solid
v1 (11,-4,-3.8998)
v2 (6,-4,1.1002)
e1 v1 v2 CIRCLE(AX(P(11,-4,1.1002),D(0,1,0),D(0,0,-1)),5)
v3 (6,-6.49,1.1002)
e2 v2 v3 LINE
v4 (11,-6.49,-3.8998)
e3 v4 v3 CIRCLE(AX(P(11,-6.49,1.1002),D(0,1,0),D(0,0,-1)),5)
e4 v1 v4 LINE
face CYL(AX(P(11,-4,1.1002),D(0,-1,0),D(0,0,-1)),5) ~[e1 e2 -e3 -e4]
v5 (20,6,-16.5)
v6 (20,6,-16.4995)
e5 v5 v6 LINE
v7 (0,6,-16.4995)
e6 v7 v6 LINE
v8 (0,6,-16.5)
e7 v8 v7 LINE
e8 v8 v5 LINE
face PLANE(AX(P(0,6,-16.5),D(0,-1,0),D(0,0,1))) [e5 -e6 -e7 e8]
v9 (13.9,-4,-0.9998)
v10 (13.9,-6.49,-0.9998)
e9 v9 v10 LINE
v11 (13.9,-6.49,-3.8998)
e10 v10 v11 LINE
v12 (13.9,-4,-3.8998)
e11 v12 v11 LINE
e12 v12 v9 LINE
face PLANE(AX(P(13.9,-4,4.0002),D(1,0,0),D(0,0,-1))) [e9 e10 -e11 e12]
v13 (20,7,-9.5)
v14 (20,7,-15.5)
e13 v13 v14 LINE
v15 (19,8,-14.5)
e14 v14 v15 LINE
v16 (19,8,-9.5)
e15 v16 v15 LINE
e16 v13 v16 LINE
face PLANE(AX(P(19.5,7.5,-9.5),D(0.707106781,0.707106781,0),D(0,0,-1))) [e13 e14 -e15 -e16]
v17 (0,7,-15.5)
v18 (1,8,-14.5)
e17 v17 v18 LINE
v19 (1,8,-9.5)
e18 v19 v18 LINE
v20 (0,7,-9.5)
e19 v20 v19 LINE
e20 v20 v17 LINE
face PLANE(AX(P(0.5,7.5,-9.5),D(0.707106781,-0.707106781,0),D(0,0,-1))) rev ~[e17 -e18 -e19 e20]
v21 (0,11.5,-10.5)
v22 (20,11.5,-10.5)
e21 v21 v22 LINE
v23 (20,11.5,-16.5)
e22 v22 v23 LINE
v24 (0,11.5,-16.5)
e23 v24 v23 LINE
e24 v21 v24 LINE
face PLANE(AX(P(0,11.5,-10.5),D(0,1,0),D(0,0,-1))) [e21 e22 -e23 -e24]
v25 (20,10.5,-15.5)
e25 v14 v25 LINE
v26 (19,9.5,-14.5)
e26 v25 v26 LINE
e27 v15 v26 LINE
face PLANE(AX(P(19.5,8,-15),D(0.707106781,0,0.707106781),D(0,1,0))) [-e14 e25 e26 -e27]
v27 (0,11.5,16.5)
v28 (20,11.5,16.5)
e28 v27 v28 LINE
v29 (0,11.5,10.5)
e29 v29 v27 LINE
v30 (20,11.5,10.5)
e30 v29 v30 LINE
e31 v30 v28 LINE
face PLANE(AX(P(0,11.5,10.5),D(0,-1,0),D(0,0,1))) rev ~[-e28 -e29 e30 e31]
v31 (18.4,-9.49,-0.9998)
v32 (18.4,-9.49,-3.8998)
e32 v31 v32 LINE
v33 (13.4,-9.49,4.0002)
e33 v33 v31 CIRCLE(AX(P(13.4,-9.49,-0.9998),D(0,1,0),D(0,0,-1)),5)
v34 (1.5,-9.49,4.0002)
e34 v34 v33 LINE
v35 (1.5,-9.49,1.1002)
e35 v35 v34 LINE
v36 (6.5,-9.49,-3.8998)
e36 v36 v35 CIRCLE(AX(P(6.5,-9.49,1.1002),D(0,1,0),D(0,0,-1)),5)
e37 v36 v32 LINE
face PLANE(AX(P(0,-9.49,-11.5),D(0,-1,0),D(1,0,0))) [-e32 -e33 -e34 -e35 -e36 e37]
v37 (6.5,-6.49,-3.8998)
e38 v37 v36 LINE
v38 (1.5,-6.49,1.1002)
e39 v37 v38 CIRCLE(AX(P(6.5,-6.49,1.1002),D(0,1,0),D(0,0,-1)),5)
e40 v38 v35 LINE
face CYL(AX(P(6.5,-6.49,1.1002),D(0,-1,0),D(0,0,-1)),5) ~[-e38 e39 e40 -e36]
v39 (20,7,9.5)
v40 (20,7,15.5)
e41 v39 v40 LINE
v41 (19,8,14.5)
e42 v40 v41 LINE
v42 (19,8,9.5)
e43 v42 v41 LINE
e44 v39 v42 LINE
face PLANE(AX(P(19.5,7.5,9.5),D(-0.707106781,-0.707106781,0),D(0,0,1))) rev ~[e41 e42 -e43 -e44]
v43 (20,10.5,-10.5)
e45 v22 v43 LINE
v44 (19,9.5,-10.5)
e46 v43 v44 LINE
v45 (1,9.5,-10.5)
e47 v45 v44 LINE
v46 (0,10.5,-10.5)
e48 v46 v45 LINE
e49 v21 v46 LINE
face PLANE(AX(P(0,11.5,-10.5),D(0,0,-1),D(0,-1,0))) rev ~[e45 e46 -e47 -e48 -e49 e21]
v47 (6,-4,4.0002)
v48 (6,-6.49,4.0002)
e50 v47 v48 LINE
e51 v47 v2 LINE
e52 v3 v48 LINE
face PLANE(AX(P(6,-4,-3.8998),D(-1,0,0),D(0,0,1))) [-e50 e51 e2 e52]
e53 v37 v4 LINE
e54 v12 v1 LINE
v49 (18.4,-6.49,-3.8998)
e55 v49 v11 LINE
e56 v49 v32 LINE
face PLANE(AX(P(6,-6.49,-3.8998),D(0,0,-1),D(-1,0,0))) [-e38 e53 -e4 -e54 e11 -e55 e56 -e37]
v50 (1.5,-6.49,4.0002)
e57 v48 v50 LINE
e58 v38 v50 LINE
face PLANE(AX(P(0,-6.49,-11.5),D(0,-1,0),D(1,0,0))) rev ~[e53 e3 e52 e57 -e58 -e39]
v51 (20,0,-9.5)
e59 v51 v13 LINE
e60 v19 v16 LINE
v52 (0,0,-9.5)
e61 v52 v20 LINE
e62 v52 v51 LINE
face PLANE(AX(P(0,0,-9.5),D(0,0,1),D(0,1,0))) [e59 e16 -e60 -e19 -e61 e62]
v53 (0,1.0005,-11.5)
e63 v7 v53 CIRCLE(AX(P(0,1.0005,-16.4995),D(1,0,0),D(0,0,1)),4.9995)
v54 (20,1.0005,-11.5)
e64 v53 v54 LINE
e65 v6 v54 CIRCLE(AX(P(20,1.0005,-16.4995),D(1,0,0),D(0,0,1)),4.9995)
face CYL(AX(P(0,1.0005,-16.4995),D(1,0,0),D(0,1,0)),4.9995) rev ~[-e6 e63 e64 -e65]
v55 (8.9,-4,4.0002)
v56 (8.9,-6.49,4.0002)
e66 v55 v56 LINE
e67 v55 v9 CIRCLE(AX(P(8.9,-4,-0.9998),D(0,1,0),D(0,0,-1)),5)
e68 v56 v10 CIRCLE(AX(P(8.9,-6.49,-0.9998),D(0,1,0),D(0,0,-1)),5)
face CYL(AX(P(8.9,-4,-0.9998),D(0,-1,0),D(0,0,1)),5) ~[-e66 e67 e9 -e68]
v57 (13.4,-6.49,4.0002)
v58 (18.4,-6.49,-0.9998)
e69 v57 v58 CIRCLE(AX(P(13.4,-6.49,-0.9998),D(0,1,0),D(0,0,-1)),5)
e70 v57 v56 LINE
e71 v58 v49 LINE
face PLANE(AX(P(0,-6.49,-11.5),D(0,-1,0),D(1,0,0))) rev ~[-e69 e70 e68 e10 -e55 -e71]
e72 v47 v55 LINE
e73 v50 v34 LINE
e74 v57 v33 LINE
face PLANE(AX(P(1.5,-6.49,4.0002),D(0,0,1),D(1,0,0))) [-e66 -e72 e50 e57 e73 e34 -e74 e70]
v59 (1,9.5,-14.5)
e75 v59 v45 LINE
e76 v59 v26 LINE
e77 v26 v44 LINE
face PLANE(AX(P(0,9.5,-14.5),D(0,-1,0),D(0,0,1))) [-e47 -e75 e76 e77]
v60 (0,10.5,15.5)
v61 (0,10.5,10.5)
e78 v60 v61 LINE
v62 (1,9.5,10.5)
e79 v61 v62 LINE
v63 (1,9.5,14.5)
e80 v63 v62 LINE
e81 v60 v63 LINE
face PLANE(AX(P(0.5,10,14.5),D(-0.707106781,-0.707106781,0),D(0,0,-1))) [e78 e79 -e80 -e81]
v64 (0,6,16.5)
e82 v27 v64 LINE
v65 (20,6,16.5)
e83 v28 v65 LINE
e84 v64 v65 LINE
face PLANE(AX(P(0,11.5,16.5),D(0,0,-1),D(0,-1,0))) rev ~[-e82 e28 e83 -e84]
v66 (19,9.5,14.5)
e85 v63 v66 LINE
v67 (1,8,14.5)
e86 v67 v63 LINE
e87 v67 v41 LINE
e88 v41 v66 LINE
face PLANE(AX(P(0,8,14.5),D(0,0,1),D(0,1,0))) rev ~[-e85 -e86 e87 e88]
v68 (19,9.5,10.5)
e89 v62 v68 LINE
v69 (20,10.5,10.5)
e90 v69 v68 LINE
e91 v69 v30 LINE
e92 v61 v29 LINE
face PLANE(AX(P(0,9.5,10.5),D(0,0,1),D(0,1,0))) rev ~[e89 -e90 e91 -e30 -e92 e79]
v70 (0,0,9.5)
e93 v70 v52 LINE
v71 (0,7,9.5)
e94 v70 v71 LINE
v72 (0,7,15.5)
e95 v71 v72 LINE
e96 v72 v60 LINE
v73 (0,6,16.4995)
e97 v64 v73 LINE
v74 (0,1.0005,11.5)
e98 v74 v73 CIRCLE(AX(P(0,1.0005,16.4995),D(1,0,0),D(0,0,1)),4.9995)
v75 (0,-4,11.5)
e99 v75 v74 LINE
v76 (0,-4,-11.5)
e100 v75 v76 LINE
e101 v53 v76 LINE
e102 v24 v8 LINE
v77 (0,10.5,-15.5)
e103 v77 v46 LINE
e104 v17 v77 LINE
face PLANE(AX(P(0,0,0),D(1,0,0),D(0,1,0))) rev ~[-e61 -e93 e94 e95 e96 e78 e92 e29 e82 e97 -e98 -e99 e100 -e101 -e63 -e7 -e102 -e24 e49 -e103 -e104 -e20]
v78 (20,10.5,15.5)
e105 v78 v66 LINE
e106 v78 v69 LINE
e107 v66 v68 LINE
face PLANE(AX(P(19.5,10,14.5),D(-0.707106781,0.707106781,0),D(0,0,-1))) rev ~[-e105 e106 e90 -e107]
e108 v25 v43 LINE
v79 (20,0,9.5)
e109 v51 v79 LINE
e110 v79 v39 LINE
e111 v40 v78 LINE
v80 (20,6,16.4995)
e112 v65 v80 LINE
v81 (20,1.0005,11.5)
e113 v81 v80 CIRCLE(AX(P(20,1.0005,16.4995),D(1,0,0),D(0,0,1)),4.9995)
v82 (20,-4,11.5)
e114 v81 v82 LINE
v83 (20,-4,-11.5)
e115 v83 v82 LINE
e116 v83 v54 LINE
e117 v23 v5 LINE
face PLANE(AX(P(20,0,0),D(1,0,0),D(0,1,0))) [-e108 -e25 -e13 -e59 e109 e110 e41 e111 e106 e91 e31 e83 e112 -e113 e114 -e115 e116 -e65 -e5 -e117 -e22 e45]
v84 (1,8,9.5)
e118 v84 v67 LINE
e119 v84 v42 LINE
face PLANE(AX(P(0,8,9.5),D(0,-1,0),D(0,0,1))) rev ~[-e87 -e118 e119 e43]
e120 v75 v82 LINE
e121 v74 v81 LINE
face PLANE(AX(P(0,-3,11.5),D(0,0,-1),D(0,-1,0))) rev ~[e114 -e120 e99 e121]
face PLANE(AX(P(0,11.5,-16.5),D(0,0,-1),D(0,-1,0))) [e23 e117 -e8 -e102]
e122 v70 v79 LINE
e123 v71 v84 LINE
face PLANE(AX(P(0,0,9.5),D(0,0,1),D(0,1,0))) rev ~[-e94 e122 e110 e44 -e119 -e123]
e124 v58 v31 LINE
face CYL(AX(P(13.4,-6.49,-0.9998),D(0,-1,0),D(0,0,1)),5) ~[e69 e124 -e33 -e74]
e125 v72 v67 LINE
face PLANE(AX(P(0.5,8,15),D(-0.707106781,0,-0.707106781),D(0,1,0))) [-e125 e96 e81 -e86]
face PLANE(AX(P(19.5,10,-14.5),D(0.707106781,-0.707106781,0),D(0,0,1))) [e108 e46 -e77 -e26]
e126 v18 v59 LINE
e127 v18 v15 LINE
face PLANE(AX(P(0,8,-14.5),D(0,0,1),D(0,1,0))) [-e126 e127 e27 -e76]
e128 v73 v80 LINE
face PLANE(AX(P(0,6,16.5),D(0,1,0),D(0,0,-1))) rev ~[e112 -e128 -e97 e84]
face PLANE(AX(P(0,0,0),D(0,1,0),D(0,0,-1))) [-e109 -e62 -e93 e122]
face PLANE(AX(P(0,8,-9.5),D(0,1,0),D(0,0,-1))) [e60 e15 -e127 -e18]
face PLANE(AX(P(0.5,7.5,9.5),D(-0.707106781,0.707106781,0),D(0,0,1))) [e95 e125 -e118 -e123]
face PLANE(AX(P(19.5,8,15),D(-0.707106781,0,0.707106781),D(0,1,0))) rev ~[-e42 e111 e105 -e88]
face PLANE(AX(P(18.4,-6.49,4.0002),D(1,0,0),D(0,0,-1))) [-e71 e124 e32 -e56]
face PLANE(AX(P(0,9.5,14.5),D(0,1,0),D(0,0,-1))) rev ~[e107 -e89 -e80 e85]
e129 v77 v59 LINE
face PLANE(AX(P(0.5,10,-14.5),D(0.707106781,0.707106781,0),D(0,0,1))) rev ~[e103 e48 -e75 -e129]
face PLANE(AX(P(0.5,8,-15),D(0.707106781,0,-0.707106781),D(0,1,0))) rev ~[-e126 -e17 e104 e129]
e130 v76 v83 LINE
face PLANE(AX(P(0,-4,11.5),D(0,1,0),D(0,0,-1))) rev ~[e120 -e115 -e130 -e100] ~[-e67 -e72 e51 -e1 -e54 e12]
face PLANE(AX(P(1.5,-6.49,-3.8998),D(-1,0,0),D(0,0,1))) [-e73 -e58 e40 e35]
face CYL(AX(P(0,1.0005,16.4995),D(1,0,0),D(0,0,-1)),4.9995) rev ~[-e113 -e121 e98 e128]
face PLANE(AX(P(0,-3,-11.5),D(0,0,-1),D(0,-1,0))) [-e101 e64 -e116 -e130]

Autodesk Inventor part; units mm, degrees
ref_plane "YZ Plane" through (0, 0, 0) normal (1, 0, 0) x (0, 1, 0)
ref_plane "XZ Plane" through (0, 0, 0) normal (0, 1, 0) x (-1, 0, 0)
ref_plane "XY Plane" through (0, 0, 0) normal (0, 0, 1) x (1, 0, 0)
sketch "Sketch1" plane through (0, 0, 0) normal (1, 0, 0) x (0, 1, 0)
  line L0 (0, 9.5) -> (0, -9.5)
  line L1 (0, -9.5) -> (8, -9.5)
  line L2 (0, 9.5) -> (8, 9.5)
  line L3 (8, 9.5) -> (8, 14.5)
  line L4 (8, 14.5) -> (9.5, 14.5)
  line L5 (9.5, 14.5) -> (9.5, 10.5)
  line L6 (9.5, 10.5) -> (11.5, 10.5)
  line L7 (11.5, 10.5) -> (11.5, 16.5)
  line L8 (11.5, 16.5) -> (6, 16.5)
  line L9 (6, 16.5) -> (6, 11.5)
  line L10 (6, 11.5) -> (-3, 11.5)
  line L11 (-3, 11.5) -> (-4, 11.5)
  line L12 (-4, 11.5) -> (-4, 1)
  line L13 (0, 0) -> (3.5, 0)
  line L14 (0, -9.5) -> (8, -9.5)
  line L15 (8, -9.5) -> (8, -14.5)
  line L16 (8, -14.5) -> (9.5, -14.5)
  line L17 (9.5, -14.5) -> (9.5, -10.5)
  line L18 (11.5, -10.5) -> (11.5, -16.5)
  line L19 (11.5, -16.5) -> (6, -16.5)
  line L20 (6, -16.5) -> (6, -11.5)
  line L21 (6, -11.5) -> (-3, -11.5)
  line L22 (-3, -11.5) -> (-4, -11.5)
  line L23 (-4, -11.5) -> (-4, 1)
  line L24 (11.5, -10.5) -> (9.5, -10.5)
  point P0 (8.75, -16.5)
  point P1 (8.75, -14.5)
  dimension "d0" = 19
  dimension "d1" = 0
  dimension "d2" = 8
  dimension "d3" = 8
  dimension "d4" = 5
  dimension "d5" = 1.5
  dimension "d6" = 2
  dimension "d7" = 6
  dimension "d8" = 5.5
  dimension "d9" = 5
  dimension "d10" = 1
  dimension "d13" = 2
  dimension "d14" = 4
extrude "Extrusion1" add sketch "Sketch1" along normal blind 20
fillet "Fillet1" radius 5 2 edges at (10, 6, -11.5) (10, 6, 11.5)
chamfer "Chamfer1" distance 1 angle 45 12 edges at (20, 8, -12) (20, 8.75, -14.5) (20, 9.5, -12.5) (20, 8, 12) (20, 8.75, 14.5) (20, 9.5, 12.5) (0, 8, -12) (0, 8.75, -14.5) (0, 9.5, -12.5) (0, 8, 12) (0, 8.75, 14.5) (0, 9.5, 12.5)
sketch "Sketch3" plane through (0, -4, -11.5) normal (0, -1, 0) x (1, 0, 0)
  line L0 (6, 15.5002) -> (13.9, 15.5002)
  line L1 (13.9, 15.5002) -> (13.9, 7.6002)
  line L2 (13.9, 7.6002) -> (6, 7.6002)
  line L3 (6, 7.6002) -> (6, 15.5002)
  line L4 (0, 23) -> (0, 0) projected
  line L5 (0, 23) -> (20, 23) projected
  point P0 (0, 11.5)
  point P1 (10, 23)
  point P2 (9.95, 15.5002)
  dimension "d27" = 7.9
  dimension "d28" = 7.9
  dimension "d29" = 6
  dimension "d30" = 7.5
extrude "Extrusion3" add sketch "Sketch3" along normal blind 2.49
sketch "Sketch4" plane through (0, -6.49, -11.5) normal (0, -1, 0) x (1, 0, 0)
  line L0 (1.5, 15.5002) -> (18.4, 15.5002)
  line L1 (18.4, 15.5002) -> (18.4, 7.6002)
  line L2 (18.4, 7.6002) -> (1.5, 7.6002)
  line L3 (1.5, 7.6002) -> (1.5, 15.5002)
  line L4 (1.5, 15.5002) -> (18.4, 7.6002) construction
  line L5 (18.4, 15.5002) -> (1.5, 7.6002) construction
  line L6 (6, 7.6002) -> (13.9, 7.6002) projected
  line L7 (13.9, 7.6002) -> (13.9, 15.5002) projected
  point P0 (0, 11.5)
  point P1 (9.95, 11.5502)
  dimension "d33" = 16.9
  dimension "d34" = 7.9
  dimension "d35" = 0
  dimension "d36" = 4.5
extrude "Extrusion4" add sketch "Sketch4" along normal blind 3
fillet "Fillet2" radius 5 4 edges at (6, -5.245, -3.8998) (1.5, -7.99, -3.8998) (13.9, -5.245, 4.0002) (18.4, -7.99, 4.0002)
sketch "Sketch2" plane through (0, 0, 9.5) normal (0, 1, 0) x (1, 0, 0)
  circle A0 centre (10, 9.5) radius 3
  line L0 (20, 19) -> (20, 0) projected
  line L1 (0, -7) -> (20, -7) projected
  point P0 (0, 9.5)
  dimension "d19" = 6
  dimension "d20" = 10
  dimension "d21" = 16.5
properties part number "Drziak_3"
